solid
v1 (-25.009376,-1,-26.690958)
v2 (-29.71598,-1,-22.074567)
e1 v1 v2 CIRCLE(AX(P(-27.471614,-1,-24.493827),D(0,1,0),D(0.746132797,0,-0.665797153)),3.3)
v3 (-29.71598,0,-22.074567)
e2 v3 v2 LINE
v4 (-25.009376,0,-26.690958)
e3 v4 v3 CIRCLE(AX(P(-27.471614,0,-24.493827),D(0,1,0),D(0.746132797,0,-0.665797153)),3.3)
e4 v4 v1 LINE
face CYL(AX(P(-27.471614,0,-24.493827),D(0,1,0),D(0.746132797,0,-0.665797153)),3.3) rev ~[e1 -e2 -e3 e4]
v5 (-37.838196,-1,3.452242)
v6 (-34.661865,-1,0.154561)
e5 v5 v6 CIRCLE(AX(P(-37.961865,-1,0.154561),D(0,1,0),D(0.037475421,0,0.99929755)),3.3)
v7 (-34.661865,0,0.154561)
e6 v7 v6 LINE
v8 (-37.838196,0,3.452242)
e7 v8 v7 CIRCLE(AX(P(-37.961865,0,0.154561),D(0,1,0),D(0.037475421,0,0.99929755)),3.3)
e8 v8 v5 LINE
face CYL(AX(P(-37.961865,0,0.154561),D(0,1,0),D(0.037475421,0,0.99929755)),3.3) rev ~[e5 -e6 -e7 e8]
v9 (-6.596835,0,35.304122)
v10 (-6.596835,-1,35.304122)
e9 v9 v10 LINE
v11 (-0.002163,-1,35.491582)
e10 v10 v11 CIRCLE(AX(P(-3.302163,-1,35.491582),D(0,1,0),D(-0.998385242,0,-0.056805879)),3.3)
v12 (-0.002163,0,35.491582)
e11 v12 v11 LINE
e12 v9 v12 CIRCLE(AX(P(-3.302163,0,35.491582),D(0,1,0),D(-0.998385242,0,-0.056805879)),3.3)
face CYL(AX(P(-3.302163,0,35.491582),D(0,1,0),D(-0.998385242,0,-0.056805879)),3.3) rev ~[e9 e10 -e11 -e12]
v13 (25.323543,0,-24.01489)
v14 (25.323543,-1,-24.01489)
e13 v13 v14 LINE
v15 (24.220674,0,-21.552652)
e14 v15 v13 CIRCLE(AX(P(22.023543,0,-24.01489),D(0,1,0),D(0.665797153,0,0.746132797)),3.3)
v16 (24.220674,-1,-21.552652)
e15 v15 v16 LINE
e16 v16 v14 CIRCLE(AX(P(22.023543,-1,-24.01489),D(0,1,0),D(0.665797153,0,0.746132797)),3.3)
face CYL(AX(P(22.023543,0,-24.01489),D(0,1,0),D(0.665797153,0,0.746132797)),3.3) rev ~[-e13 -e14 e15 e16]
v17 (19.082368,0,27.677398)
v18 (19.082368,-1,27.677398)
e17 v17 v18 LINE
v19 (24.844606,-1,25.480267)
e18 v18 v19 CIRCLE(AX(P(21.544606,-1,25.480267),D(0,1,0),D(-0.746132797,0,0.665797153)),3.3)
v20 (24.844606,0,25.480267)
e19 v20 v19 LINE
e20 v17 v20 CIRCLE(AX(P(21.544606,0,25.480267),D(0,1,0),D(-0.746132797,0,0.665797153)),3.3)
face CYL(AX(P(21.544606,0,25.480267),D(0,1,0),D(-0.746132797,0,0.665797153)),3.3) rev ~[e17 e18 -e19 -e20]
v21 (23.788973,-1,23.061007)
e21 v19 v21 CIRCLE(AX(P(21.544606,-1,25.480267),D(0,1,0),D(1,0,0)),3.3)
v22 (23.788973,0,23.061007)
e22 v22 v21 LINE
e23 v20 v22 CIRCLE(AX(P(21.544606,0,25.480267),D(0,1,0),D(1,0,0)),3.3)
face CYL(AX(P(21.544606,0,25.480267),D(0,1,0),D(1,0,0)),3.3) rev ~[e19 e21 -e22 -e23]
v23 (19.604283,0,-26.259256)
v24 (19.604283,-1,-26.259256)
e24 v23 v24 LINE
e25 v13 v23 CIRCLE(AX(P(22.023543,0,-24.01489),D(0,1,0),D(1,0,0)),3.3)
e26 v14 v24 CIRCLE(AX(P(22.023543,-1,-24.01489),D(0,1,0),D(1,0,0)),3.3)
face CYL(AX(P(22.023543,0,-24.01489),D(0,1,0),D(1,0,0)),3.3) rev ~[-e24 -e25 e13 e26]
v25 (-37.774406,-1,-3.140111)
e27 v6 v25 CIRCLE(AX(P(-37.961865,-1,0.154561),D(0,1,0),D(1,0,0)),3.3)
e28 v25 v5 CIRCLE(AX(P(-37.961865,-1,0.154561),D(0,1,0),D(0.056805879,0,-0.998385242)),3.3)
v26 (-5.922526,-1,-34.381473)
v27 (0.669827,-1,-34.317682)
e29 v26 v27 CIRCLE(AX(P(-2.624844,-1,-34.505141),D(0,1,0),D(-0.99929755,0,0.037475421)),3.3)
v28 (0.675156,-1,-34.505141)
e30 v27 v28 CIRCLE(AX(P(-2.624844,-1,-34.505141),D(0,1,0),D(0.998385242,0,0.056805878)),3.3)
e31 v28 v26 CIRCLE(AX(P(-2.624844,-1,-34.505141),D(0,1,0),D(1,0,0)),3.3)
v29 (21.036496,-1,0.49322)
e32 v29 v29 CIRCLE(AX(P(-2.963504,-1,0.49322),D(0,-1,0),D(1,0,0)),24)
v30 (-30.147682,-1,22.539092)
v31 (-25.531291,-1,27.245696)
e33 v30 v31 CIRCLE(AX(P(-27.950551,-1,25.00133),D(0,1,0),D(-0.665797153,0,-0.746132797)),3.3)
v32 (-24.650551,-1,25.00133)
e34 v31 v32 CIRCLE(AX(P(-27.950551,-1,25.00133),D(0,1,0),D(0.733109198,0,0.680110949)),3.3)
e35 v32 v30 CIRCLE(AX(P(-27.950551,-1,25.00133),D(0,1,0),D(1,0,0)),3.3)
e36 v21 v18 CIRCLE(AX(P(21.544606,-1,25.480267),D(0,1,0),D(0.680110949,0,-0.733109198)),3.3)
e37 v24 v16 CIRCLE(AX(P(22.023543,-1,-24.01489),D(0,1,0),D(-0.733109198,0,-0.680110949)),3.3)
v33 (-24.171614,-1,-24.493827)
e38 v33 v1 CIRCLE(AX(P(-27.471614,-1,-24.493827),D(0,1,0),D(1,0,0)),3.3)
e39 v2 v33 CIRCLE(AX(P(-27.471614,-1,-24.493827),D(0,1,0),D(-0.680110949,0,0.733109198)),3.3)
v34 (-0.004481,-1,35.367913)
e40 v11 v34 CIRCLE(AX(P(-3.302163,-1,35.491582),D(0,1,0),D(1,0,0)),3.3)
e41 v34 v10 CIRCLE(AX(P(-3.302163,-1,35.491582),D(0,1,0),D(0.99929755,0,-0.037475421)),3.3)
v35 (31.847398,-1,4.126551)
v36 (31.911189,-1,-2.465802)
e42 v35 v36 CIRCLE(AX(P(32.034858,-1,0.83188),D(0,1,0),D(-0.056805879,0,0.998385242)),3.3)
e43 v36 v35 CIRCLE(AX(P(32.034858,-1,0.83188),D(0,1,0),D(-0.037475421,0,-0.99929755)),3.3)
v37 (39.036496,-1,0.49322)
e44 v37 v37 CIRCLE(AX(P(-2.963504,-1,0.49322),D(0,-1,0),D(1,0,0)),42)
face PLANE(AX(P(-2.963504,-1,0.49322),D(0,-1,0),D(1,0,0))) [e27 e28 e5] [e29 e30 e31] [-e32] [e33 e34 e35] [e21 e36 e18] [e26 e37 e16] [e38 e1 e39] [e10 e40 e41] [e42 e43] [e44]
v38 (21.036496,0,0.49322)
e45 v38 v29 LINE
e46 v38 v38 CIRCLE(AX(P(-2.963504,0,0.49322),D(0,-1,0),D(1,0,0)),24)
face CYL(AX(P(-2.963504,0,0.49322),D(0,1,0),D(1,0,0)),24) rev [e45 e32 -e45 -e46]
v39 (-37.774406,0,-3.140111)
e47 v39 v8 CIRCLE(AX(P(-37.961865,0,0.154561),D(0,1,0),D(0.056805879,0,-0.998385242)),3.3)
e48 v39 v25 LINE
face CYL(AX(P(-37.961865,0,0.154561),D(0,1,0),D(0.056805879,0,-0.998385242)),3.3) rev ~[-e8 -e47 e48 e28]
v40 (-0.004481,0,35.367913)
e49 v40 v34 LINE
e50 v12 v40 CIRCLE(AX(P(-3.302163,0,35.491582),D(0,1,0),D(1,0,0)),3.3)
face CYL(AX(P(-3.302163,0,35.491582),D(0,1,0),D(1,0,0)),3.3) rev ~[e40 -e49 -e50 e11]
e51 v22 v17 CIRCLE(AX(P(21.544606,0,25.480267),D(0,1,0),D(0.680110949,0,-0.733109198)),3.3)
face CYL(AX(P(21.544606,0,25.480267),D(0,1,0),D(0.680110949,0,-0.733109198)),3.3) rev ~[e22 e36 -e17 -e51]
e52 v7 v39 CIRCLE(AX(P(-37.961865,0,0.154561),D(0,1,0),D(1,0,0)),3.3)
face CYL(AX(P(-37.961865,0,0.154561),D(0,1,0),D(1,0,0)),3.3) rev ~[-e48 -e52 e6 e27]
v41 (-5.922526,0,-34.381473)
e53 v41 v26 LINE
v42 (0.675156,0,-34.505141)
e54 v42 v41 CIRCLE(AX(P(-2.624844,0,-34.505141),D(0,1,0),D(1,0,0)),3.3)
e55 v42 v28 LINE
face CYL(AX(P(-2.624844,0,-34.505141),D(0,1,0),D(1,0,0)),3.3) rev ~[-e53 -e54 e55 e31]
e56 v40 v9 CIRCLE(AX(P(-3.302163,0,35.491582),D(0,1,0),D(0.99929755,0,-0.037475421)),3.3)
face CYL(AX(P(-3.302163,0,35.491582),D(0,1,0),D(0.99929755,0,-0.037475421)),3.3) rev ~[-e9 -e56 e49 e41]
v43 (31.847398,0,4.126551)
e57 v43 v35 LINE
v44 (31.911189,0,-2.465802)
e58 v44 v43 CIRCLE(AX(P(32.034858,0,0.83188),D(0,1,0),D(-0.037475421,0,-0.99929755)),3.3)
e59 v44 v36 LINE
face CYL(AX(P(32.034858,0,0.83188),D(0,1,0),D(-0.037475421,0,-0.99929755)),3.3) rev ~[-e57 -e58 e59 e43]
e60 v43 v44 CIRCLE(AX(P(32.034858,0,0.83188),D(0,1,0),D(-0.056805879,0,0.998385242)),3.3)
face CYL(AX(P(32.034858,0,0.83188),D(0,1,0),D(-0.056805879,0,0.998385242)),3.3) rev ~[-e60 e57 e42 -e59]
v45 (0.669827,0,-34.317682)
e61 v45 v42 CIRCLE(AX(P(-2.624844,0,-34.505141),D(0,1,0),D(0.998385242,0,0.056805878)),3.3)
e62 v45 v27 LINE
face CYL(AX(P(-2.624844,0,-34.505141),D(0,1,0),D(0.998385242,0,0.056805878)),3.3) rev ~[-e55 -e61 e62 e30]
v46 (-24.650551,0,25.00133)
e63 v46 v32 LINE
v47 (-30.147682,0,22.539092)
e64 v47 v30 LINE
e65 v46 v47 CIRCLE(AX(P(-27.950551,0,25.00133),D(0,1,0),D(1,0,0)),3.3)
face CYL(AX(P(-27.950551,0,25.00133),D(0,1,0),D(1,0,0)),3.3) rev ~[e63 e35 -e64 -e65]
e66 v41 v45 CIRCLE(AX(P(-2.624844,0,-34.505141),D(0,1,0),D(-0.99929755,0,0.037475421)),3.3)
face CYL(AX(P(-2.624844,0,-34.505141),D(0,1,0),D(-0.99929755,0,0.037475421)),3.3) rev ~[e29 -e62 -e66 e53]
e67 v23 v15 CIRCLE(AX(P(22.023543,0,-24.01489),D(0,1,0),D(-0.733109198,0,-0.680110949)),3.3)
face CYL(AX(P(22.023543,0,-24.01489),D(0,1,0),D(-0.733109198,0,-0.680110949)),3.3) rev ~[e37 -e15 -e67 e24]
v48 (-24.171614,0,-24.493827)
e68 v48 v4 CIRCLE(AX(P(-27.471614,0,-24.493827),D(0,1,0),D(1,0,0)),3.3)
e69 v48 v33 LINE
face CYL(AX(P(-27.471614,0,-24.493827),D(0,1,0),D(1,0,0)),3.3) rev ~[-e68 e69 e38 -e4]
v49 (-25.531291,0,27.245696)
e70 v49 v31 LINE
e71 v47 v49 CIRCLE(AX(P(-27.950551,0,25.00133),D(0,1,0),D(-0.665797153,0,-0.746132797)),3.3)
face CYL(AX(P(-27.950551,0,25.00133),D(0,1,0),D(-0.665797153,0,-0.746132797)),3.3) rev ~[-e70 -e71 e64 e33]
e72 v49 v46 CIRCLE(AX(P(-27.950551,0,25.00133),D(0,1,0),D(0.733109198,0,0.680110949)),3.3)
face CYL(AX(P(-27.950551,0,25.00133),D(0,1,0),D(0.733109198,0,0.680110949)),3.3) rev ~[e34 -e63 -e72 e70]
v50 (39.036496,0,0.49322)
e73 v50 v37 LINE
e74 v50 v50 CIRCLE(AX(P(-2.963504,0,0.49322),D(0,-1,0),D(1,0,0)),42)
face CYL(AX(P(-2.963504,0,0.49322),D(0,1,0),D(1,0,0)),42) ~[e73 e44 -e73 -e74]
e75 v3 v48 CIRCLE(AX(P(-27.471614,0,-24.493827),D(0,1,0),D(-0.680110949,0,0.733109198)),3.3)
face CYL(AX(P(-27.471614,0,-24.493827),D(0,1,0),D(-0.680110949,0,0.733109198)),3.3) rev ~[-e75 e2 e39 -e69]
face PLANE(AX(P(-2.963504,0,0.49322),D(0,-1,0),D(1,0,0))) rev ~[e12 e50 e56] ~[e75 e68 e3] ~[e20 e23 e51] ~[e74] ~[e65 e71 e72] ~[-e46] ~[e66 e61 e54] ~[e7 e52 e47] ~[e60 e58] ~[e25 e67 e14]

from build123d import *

# Parameters (mm, degrees)
F0_R     = 42
F0_R_2   = 24
F1_DEPTH = 1


with BuildPart() as f1:
    # F0 (on Front) → F1 (new body)
    with BuildSketch(Plane.XZ):
        with Locations((-2.9635038227, 0.4932200536)):
            Circle(F0_R)
        with BuildLine():
            ThreePointArc((23.788972617, 23.0610069266), (29.2411666686, 14.199393792), (31.8473983055, 4.1265508975))
            ThreePointArc((31.8473983055, 4.1265508975), (34.3010642257, 3.2306934737), (35.3348577063, 0.8318795978))
            ThreePointArc((35.3348577063, 0.8318795978), (34.3241690286, -1.5448941966), (31.9111888156, -2.4658023161))
            ThreePointArc((31.9111888156, -2.4658023161), (29.5003654621, -12.5871924421), (24.2206740094, -21.5526520225))
            ThreePointArc((24.2206740094, -21.5526520225), (25.0352315525, -22.6659149008), (25.3235434051, -24.0148902537))
            ThreePointArc((25.3235434051, -24.0148902537), (23.2290393257, -27.0868244303), (19.6042830503, -26.2592563861))
            ThreePointArc((19.6042830503, -26.2592563861), (10.7426699157, -31.7114504377), (0.6698270212, -34.3176820746))
            ThreePointArc((0.6698270212, -34.3176820746), (0.6738232774, -34.4113739144), (0.6751557215, -34.5051414754))
            ThreePointArc((0.6751557215, -34.5051414754), (-2.6866895856, -37.804561903), (-5.9225261924, -34.3814725847))
            ThreePointArc((-5.9225261924, -34.3814725847), (-16.0439163184, -31.9706492312), (-25.0093758988, -26.6909577785))
            ThreePointArc((-25.0093758988, -26.6909577785), (-29.7823788162, -26.8497487699), (-29.7159802624, -22.0745668194))
            ThreePointArc((-29.7159802624, -22.0745668194), (-35.168174314, -13.2129536848), (-37.7744059509, -3.1401107903))
            ThreePointArc((-37.7744059509, -3.1401107903), (-41.2617108673, 0.1226297524), (-37.838196461, 3.4522424234))
            ThreePointArc((-37.838196461, 3.4522424234), (-35.4273731075, 13.5736325493), (-30.1476816547, 22.5390921297))
            ThreePointArc((-30.1476816547, 22.5390921297), (-30.3064726462, 27.3120950471), (-25.5312906957, 27.2456964933))
            ThreePointArc((-25.5312906957, 27.2456964933), (-16.6696775611, 32.6978905449), (-6.5968346666, 35.3041221818))
            ThreePointArc((-6.5968346666, 35.3041221818), (-3.3959309279, 38.7902491385), (-0.0021633669, 35.4915815826))
            ThreePointArc((-0.0021633669, 35.4915815826), (-0.0027429393, 35.4297362755), (-0.0044814529, 35.3679126919))
            ThreePointArc((-0.0044814529, 35.3679126919), (10.116908673, 32.9570893384), (19.0823682534, 27.6773978857))
            ThreePointArc((19.0823682534, 27.6773978857), (22.7203219768, 28.5637220129), (24.8446064847, 25.4802672814))
            ThreePointArc((24.8446064847, 25.4802672814), (24.5692063125, 24.1604961339), (23.788972617, 23.0610069266))
        make_face(mode=Mode.SUBTRACT)
        with BuildLine():
            ThreePointArc((31.9111888156, -2.4658023161), (28.7350121907, 0.7999488408), (31.8473983055, 4.1265508975))
            ThreePointArc((31.8473983055, 4.1265508975), (29.2411666686, 14.199393792), (23.788972617, 23.0610069266))
            ThreePointArc((23.788972617, 23.0610069266), (19.2338417986, 23.1243456856), (19.0823682534, 27.6773978857))
            ThreePointArc((19.0823682534, 27.6773978857), (10.116908673, 32.9570893384), (-0.0044814529, 35.3679126919))
            ThreePointArc((-0.0044814529, 35.3679126919), (-3.2702326098, 32.191736067), (-6.5968346666, 35.3041221818))
            ThreePointArc((-6.5968346666, 35.3041221818), (-16.6696775611, 32.6978905449), (-25.5312906957, 27.2456964933))
            ThreePointArc((-25.5312906957, 27.2456964933), (-24.8786168738, 26.2068262816), (-24.6505510504, 25.001330361))
            ThreePointArc((-24.6505510504, 25.001330361), (-26.6015756975, 21.9896422136), (-30.1476816547, 22.5390921297))
            ThreePointArc((-30.1476816547, 22.5390921297), (-35.4273731075, 13.5736325493), (-37.838196461, 3.4522424234))
            ThreePointArc((-37.838196461, 3.4522424234), (-35.5850915573, 2.4438718317), (-34.6618653517, 0.1545605094))
            ThreePointArc((-34.6618653517, 0.1545605094), (-35.5630514757, -2.11164601), (-37.7744059509, -3.1401107903))
            ThreePointArc((-37.7744059509, -3.1401107903), (-35.168174314, -13.2129536848), (-29.7159802624, -22.0745668194))
            ThreePointArc((-29.7159802624, -22.0745668194), (-26.1518429826, -21.4692273463), (-24.17161413, -24.4938271741))
            ThreePointArc((-24.17161413, -24.4938271741), (-24.3881593985, -25.6695426662), (-25.0093758988, -26.6909577785))
            ThreePointArc((-25.0093758988, -26.6909577785), (-16.0439163184, -31.9706492312), (-5.9225261924, -34.3814725847))
            ThreePointArc((-5.9225261924, -34.3814725847), (-2.6567750355, -31.2052959598), (0.6698270212, -34.3176820746))
            ThreePointArc((0.6698270212, -34.3176820746), (10.7426699157, -31.7114504377), (19.6042830503, -26.2592563861))
            ThreePointArc((19.6042830503, -26.2592563861), (19.6676218093, -21.7041255676), (24.2206740094, -21.5526520225))
            ThreePointArc((24.2206740094, -21.5526520225), (29.5003654621, -12.5871924421), (31.9111888156, -2.4658023161))
        make_face()
        with Locations((-2.9635038227, 0.4932200536)):
            Circle(F0_R_2, mode=Mode.SUBTRACT)
    extrude(amount=F1_DEPTH)


solid = f1.part
